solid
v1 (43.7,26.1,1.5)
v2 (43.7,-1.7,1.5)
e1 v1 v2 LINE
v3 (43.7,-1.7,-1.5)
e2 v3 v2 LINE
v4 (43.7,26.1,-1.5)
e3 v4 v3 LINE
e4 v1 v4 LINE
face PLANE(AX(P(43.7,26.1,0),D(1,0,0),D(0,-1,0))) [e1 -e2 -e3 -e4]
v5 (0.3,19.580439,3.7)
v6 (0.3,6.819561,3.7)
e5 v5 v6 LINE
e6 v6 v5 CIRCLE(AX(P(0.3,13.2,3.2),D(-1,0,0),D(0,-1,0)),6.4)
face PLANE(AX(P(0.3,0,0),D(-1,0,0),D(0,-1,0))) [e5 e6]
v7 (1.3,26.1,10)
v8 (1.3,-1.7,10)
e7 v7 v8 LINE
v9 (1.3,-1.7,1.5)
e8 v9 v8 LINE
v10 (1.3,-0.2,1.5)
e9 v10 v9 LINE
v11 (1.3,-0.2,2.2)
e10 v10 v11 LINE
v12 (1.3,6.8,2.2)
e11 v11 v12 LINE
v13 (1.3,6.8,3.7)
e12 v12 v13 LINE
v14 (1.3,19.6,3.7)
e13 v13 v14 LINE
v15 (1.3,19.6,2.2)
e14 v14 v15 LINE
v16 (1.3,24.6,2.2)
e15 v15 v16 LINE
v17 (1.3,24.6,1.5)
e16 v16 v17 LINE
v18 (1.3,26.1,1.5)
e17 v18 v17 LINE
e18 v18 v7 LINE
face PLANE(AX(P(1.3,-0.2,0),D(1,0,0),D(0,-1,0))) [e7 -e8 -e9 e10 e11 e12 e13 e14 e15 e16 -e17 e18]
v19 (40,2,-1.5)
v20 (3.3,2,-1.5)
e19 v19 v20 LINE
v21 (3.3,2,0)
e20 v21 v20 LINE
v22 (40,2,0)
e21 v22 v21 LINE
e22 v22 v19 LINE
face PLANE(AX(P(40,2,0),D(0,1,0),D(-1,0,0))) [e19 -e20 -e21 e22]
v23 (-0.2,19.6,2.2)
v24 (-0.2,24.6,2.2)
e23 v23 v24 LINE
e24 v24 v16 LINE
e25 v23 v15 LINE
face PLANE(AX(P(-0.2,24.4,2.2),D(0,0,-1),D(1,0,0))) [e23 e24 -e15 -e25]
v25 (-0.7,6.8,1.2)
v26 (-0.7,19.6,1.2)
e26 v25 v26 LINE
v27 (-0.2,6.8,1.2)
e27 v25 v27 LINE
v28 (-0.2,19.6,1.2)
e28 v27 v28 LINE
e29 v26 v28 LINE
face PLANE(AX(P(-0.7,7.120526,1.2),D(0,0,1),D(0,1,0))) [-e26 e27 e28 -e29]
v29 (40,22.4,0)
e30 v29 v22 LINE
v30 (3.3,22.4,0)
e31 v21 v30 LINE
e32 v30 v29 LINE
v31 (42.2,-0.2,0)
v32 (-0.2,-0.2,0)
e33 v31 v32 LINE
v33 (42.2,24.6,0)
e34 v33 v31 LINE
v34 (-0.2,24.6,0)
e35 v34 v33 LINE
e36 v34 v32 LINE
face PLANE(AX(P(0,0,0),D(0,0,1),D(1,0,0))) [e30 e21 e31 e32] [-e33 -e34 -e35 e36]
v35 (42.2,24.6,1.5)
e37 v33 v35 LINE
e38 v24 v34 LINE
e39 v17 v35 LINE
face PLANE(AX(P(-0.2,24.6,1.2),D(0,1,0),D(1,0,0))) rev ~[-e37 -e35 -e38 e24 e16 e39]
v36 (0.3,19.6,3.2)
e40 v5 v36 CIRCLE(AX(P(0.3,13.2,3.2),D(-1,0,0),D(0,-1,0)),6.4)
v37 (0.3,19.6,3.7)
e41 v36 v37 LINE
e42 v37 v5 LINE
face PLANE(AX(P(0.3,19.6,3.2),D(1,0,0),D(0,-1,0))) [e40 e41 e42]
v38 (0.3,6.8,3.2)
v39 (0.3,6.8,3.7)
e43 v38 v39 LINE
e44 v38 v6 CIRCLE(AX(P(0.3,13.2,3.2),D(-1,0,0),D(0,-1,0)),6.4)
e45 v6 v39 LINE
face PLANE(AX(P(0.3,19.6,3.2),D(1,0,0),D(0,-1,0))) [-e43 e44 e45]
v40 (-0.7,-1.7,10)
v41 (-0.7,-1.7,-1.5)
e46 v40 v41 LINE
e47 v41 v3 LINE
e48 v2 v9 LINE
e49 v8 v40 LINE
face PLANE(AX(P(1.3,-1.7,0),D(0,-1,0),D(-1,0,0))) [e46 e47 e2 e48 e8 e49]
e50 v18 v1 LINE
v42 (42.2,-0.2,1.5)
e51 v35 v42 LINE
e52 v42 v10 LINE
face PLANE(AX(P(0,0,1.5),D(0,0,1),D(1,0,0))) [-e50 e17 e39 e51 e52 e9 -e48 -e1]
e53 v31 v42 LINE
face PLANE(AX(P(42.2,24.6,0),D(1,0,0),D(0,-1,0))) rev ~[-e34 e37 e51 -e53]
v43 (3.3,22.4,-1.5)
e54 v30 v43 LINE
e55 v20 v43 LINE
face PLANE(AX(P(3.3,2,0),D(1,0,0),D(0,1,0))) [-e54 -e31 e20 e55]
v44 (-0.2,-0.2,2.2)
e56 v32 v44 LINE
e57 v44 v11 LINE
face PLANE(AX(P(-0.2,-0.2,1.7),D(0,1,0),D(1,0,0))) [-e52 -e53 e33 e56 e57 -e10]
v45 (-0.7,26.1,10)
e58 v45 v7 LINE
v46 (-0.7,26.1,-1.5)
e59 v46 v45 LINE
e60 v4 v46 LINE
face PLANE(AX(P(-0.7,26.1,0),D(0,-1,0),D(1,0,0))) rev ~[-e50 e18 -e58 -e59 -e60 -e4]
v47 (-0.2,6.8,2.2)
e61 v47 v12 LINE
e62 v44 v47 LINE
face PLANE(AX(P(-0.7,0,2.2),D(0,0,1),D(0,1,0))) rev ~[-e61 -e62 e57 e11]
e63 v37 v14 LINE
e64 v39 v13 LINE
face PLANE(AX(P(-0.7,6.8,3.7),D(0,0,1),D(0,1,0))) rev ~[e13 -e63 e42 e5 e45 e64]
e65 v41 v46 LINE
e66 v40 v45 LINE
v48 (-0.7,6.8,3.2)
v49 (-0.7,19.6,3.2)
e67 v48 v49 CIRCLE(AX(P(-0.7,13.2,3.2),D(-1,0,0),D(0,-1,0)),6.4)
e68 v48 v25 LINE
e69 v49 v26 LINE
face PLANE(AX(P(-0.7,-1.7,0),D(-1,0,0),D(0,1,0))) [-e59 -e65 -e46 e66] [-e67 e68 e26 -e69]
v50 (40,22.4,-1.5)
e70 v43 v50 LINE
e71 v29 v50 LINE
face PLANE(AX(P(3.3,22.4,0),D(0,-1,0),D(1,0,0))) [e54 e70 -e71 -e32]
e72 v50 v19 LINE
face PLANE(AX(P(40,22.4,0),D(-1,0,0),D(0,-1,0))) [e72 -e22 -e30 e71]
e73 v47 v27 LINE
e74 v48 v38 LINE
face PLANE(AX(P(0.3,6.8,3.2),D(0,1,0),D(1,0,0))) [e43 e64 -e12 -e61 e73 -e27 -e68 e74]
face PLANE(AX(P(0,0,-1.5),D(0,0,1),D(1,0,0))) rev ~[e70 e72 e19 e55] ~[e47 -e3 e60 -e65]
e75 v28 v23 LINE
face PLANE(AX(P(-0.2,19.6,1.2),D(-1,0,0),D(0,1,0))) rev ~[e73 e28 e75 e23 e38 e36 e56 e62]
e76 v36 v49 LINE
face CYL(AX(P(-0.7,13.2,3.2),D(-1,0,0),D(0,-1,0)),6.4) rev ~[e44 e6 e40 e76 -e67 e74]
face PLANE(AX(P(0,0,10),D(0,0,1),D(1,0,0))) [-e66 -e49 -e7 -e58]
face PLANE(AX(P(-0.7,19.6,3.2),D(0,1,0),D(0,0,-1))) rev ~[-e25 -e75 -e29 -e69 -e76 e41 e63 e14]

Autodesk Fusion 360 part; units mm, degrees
sketch "Sketch1" plane through (0, 0, 0) normal (0, 0, 1) x (1, 0, 0)
  line L0 (0, 0) -> (42, 0)
  line L1 (42, 0) -> (42, 24.4)
  line L2 (42, 24.4) -> (0, 24.4)
  line L3 (0, 24.4) -> (0, 0)
  line L4 (-0.2, 24.6) -> (42.2, 24.6)
  line L5 (42.2, 24.6) -> (42.2, -0.2)
  line L6 (42.2, -0.2) -> (-0.2, -0.2)
  line L7 (-0.2, -0.2) -> (-0.2, 24.6)
  line L8 (-0.7, 26.1) -> (43.7, 26.1)
  line L9 (43.7, 26.1) -> (43.7, -1.7)
  line L10 (43.7, -1.7) -> (-0.7, -1.7)
  line L11 (-0.7, -1.7) -> (-0.7, 26.1)
  line L12 (-0.7, 26.1) -> (1.3, 26.1)
  line L13 (1.3, 26.1) -> (1.3, -1.7)
  line L14 (1.3, -1.7) -> (-0.7, -1.7)
  line L15 (-0.7, -1.7) -> (-0.7, 26.1)
  line L16 (3.3, 22.4) -> (40, 22.4)
  line L17 (40, 22.4) -> (40, 2)
  line L18 (40, 2) -> (3.3, 2)
  line L19 (3.3, 2) -> (3.3, 22.4)
  dimension "d1" = 42
  dimension "d2" = 24.4
  dimension "d3" = 0.2
  dimension "d4" = 0.2
  dimension "d5" = 0.2
  dimension "d6" = 0.2
  dimension "d7" = 0.5
  dimension "d8" = 1.5
  dimension "d9" = 1.5
  dimension "d10" = 1.5
  dimension "d11" = 2
  dimension "d12" = 27.8
  dimension "d13" = 2
  dimension "d14" = 2
  dimension "d15" = 2
  dimension "d16" = 2
extrude "Extrude1" add sketch "Sketch1" against normal blind 1.5
extrude "Extrude2" add sketch "Sketch1" along normal blind 1.5 contours L4 L5 L6 L8 L9 L10 L13
extrude "Extrude3" add sketch "Sketch1" along normal blind 10 contours L4 L6 L7 L8 L10 L11 L12 L13 L14 L15
sketch "Sketch2" plane through (-0.7, 0, 0) normal (-1, 0, 0) x (0, -1, 0)
  line L0 (-26.1, 10) -> (-26.1, -1.5)
  line L1 (-26.1, -1.5) -> (1.7, -1.5)
  line L2 (1.7, -1.5) -> (1.7, 10)
  line L3 (1.7, 10) -> (-26.1, 10)
  line L4 (-24.4, 0) -> (0, 0)
  line L5 (0, 0) -> (0, 1.2)
  line L6 (0, 1.2) -> (-24.4, 1.2)
  line L7 (-24.4, 1.2) -> (-24.4, 0)
  line L8 (-19.6, 1.2) -> (-4.8, 1.2)
  line L9 (-4.8, 1.2) -> (-4.8, 3.2)
  line L10 (-4.8, 3.2) -> (-19.6, 3.2)
  line L11 (-19.6, 3.2) -> (-19.6, 1.2)
  line L12 (-4.8, 3.2) -> (-6.8, 3.2)
  line L13 (-6.8, 3.2) -> (-6.8, 1.2)
  line L14 (-6.8, 1.2) -> (-4.8, 1.2)
  line L15 (-4.8, 1.2) -> (-4.8, 3.2)
  circle A0 centre (-13.2, 3.2) radius 6.4
  dimension "d23" = 24.4
  dimension "d24" = 1.2
  dimension "d25" = 1.7
  dimension "d26" = 14.8
  dimension "d27" = 2
  dimension "d28" = 4.8
  dimension "d29" = 2
  dimension "d30" = 2
  dimension "d31" = 12.8
  dimension "d32" = 6.4
extrude "Extrude4" add sketch "Sketch2" against normal blind 2 contours L0 L1 L2 L3 L4 L5 L6 L7 L9 L10 L11 L12 L15 A0 | L1 L4 A0 | L10 A0 | L6 L8 L9 L10 L12 L13 L14 L15
extrude "Extrude5" cut sketch "Sketch2" against normal blind 1 contours L6 L8 L10 A0 | L6 L8 L11 A0 | L6 L8 L13 A0 | L10 A0
extrude "Extrude6" cut 1 faces at (0.3, 24.4, 0.8) along direction (0, 1, 0) blind 0.2
extrude "Extrude7" cut 1 faces at (0.3, 0, 0.4) along direction (0, -1, 0) blind 0.2
extrude "Extrude8" cut 2 faces at (0.8, 4.4667, 1.2) (0.8, 22.9333, 1.2) along direction (0, 0, 1) blind 0.5
extrude "Extrude9" cut 1 faces at (0.9667, 11.0667, 3.2) along direction (0, 0, 1) blind 0.5
extrude "Extrude10" cut 2 faces at (0.8, 4.4667, 1.7) (0.8, 22.9333, 1.7) along direction (0, 0, 1) blind 0.5
equation "d25 = ( 3.4 / 2 ) * 1 mm"
equation "d28 = ( 9.6 / 2 ) * 1 mm"
